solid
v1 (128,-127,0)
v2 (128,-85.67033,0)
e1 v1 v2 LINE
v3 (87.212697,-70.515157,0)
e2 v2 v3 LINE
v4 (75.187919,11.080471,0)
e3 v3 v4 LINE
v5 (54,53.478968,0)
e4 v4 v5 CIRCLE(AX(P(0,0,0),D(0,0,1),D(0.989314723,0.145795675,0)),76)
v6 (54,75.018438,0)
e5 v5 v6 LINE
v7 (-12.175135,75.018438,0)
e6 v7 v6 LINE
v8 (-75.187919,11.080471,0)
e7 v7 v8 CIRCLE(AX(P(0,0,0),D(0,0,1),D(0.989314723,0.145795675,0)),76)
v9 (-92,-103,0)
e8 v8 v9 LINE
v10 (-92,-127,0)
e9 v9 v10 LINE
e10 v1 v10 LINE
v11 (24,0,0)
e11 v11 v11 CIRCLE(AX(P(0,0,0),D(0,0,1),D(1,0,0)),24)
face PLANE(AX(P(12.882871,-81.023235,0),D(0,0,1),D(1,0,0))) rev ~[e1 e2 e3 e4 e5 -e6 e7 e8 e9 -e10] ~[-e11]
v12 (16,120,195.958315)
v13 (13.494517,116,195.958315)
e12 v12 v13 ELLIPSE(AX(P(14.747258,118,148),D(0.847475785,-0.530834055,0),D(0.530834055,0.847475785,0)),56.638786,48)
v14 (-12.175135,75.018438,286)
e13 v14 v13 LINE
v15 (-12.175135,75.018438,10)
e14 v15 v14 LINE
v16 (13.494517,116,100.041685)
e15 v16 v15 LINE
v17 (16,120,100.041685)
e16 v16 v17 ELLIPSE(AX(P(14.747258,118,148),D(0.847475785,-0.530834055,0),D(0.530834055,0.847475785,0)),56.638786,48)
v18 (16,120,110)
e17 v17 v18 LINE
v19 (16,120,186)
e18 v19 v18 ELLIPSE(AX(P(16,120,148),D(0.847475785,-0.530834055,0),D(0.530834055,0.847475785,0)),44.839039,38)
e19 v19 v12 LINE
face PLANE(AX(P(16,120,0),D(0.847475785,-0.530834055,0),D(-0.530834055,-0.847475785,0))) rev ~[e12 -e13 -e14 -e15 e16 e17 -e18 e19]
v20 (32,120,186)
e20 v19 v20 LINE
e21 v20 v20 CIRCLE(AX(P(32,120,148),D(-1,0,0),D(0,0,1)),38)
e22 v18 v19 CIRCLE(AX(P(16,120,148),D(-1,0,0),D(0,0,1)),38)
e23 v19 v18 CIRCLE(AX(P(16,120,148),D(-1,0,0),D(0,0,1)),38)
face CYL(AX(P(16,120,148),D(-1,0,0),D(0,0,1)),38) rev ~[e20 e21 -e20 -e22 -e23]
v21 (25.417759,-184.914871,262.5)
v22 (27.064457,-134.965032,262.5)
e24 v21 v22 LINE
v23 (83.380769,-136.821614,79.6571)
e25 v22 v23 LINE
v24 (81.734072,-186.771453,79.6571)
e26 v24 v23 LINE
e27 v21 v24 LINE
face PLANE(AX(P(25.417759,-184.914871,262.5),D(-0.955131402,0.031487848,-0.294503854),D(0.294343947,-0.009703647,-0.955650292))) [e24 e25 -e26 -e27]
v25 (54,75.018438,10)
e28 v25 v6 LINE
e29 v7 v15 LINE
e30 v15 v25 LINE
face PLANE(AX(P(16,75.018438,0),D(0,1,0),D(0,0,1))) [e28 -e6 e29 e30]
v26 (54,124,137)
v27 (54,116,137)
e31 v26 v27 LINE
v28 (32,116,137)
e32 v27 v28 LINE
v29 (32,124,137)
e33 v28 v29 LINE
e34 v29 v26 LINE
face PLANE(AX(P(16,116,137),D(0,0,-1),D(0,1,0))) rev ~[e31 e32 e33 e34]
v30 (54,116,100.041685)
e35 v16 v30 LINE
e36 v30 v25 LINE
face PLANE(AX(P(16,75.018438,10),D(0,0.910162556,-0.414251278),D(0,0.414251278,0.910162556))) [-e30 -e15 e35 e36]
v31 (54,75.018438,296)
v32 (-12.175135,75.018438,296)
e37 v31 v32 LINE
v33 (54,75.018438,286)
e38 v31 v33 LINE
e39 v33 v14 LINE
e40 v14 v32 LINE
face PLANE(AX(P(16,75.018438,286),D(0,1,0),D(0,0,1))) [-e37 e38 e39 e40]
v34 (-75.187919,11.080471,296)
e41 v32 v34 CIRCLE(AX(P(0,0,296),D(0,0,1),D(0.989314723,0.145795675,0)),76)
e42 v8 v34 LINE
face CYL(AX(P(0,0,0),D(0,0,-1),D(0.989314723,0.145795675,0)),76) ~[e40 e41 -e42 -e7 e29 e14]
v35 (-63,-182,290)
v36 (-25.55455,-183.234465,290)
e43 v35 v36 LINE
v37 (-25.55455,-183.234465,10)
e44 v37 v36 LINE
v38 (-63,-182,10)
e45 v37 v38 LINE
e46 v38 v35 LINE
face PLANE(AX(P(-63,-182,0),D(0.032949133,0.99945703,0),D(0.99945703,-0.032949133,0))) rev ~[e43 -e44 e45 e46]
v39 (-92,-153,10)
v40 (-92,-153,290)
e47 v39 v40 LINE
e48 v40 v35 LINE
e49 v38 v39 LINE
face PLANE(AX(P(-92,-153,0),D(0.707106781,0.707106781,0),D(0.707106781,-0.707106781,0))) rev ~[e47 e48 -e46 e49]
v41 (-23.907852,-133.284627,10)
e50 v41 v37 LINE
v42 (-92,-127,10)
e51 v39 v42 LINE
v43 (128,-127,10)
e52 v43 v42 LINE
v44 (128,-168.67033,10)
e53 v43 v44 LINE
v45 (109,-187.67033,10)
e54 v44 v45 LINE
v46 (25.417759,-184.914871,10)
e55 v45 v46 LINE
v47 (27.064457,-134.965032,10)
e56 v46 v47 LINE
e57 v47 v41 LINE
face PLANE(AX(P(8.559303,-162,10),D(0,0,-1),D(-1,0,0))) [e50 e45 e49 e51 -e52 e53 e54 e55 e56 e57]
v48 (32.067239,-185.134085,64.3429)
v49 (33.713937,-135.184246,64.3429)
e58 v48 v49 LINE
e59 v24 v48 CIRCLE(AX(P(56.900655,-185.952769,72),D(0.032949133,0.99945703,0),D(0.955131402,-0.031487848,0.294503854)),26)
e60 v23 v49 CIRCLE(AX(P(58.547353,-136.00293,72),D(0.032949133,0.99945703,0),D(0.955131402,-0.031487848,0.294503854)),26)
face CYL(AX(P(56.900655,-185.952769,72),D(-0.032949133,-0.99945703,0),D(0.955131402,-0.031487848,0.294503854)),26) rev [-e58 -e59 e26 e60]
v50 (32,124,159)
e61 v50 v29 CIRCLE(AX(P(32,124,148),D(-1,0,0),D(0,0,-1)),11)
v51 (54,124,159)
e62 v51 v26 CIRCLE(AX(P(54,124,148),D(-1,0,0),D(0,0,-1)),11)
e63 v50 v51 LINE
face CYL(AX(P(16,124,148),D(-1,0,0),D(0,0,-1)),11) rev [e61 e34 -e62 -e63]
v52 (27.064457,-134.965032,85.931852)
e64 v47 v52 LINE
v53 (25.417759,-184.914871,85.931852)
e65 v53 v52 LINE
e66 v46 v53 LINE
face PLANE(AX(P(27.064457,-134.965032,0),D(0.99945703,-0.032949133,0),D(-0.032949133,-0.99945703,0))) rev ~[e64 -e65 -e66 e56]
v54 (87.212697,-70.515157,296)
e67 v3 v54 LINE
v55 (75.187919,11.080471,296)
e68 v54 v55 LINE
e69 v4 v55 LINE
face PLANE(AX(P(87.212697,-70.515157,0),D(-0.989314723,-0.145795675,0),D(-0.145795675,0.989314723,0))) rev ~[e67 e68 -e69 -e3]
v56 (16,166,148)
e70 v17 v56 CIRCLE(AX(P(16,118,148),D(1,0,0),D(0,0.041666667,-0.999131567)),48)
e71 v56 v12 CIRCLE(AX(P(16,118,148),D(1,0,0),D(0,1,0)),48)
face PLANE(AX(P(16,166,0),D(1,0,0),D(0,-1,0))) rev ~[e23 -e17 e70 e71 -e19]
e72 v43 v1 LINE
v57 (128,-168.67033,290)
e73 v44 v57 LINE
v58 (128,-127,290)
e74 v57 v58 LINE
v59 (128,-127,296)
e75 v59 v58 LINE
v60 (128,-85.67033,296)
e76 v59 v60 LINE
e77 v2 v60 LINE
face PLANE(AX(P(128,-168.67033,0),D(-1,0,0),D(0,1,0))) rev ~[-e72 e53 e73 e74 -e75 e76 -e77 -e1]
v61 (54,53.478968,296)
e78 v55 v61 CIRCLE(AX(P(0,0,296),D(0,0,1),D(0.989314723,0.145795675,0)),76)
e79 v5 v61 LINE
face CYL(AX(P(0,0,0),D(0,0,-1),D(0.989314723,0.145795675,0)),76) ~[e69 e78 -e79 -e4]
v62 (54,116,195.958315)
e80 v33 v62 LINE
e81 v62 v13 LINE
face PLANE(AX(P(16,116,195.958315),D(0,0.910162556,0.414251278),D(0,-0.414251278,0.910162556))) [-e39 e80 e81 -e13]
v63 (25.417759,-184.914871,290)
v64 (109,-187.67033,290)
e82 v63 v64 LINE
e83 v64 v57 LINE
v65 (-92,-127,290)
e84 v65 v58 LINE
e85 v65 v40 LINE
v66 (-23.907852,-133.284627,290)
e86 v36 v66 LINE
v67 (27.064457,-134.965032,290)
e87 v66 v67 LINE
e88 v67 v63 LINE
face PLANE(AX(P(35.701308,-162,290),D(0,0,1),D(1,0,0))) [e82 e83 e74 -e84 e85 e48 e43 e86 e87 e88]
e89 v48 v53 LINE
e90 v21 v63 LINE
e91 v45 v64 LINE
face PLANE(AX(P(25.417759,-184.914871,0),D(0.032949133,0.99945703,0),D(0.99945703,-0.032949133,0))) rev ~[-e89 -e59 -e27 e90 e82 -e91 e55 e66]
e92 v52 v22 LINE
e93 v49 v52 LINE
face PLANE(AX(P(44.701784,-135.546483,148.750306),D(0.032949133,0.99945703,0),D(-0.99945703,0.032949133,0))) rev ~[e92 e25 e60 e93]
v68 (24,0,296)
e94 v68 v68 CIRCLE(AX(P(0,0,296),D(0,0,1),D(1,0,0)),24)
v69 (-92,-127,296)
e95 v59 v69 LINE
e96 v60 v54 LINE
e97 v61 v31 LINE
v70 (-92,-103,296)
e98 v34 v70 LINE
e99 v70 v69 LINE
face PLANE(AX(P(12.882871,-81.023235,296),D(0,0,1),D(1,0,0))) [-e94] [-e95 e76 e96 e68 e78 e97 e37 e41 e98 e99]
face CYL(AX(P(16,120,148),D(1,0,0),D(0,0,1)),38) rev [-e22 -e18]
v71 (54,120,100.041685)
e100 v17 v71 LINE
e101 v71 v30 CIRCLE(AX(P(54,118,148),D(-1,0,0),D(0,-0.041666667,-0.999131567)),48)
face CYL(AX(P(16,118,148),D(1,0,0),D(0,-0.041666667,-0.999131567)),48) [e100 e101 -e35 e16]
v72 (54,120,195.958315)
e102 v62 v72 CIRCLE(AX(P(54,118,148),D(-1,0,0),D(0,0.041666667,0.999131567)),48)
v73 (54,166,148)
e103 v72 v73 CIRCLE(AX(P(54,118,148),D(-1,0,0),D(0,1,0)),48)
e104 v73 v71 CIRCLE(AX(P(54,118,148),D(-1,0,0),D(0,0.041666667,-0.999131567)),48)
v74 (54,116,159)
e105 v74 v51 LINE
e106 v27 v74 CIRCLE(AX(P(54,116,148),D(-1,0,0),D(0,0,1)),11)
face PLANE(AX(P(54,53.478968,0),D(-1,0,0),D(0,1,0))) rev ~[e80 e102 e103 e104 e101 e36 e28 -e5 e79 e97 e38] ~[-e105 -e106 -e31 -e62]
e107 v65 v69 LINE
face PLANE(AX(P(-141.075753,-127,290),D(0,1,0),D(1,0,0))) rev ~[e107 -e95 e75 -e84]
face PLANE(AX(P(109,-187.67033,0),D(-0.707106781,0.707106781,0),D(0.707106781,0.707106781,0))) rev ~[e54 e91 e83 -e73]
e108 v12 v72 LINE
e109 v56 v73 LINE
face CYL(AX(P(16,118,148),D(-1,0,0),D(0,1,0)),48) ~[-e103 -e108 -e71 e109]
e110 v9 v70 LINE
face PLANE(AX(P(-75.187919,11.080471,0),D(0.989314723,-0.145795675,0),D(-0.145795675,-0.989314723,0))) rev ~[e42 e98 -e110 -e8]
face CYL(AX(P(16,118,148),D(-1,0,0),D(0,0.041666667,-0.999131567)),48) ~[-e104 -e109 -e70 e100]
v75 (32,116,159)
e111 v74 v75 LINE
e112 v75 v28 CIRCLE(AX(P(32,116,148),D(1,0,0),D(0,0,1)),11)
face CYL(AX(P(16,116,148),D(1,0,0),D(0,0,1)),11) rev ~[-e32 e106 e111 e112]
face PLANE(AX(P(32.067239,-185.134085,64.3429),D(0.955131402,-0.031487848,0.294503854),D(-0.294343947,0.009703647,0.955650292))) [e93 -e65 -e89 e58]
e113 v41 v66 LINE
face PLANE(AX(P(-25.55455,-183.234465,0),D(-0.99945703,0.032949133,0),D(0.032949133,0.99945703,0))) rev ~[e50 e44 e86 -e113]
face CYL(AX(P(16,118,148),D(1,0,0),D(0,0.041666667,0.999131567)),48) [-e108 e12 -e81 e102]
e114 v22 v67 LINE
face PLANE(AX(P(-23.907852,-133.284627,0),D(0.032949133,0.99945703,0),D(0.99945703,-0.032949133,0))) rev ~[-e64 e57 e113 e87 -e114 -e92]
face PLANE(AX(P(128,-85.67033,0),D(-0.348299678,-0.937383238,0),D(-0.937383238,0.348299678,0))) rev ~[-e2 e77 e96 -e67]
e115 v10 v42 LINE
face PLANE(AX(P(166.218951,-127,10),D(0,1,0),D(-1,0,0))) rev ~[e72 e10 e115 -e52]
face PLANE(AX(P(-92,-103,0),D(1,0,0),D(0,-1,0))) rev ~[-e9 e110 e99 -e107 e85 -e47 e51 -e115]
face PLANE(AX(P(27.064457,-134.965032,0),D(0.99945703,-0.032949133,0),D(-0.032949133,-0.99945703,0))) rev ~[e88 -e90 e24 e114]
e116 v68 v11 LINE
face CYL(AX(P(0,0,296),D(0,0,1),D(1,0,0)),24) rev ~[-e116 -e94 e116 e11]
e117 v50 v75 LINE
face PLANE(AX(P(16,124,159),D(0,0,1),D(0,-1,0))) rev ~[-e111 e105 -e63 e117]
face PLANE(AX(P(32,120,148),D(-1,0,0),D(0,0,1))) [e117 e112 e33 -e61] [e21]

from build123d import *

# Parameters (mm, degrees)
EXTRUDE_1_DEPTH                  = 296
CUT_EXTRUDE_1_REACH              = 375.122
SKETCH_2_R                       = 24
EXTRUDE_START                    = -296
EXTRUDE_2_DEPTH                  = 296
CUT_EXTRUDE_2_REACH              = 369.94
CUT_EXTRUDE_2_DIRECTION_2_REACH  = 369.94
SKETCH_5_R                       = 38
CUT_EXTRUDE_4_DEPTH              = 16
CUT_EXTRUDE_4_DIRECTION_2_REACH  = 369.94
CUT_EXTRUDE_10_REACH             = 369.94
CUT_EXTRUDE_11_REACH             = 369.94
CUT_EXTRUDE_12_REACH             = 369.94
CUT_EXTRUDE_12_DIRECTION_2_REACH = 369.94
CUT_EXTRUDE_1_2_DEPTH            = 374.122168517
CUT_EXTRUDE_1_2_DEPTH_BACK       = 6
SKETCH_10_W                      = 353.554121084
SKETCH_10_H                      = 70
CUT_EXTRUDE_2_2_DEPTH            = 374.122168517
CUT_EXTRUDE_2_2_DEPTH_BACK       = 10
SKETCH_11_W                      = 315.319296241
SKETCH_11_H                      = 70
CUT_EXTRUDE_13_DEPTH             = 49.976974814


with BuildPart() as part:
    # 草图1 → 凸台-拉伸1 (new body)
    with BuildSketch(Plane.XY):
        with BuildLine():
            Line((-75.187918949, 11.080471294), (-92, -103))
            Line((-92, -103), (-92, -153))
            Line((-92, -153), (-63, -182))
            Line((-63, -182), (-25.55454992, -183.234465387))
            Line((-25.55454992, -183.234465387), (-23.907851937, -133.284626575))
            Line((-23.907851937, -133.284626575), (27.064456588, -134.965032351))
            Line((27.064456588, -134.965032351), (25.417758605, -184.914871163))
            Line((25.417758605, -184.914871163), (109, -187.67032967))
            Line((109, -187.67032967), (128, -168.67032967))
            Line((128, -168.67032967), (128, -85.67032967))
            Line((128, -85.67032967), (87.212696765, -70.515157246))
            Line((87.212696765, -70.515157246), (75.187918949, 11.080471294))
            ThreePointArc((75.187918949, 11.080471294), (0, 76), (-75.187918949, 11.080471294))
        make_face()
    extrude(amount=EXTRUDE_1_DEPTH)

    # 草图2 → Cut-Extrude 1 (cut, up to next)
    with BuildSketch(Plane.XY.offset(296), mode=Mode.PRIVATE) as cut_extrude_1_sk1:
        Circle(SKETCH_2_R)
    cut_extrude_1_tool1 = extrude(cut_extrude_1_sk1.sketch, amount=-CUT_EXTRUDE_1_REACH, mode=Mode.PRIVATE) & part.part
    add(cut_extrude_1_tool1.solids().sort_by_distance((0, 0, 296))[0], mode=Mode.SUBTRACT)

    # 草图3 → 凸台-拉伸2 (add)
    with BuildSketch(Plane.XY.offset(296).offset(EXTRUDE_START)):
        with BuildLine():
            Line((54, 53.478967828), (54, 166))
            Line((54, 166), (16, 166))
            Line((16, 166), (16, 120))
            Line((16, 120), (-12.175135195, 75.018438287))
            ThreePointArc((-12.175135195, 75.018438287), (23.522691723, 72.268132494), (54, 53.478967828))
        make_face()
    extrude(amount=EXTRUDE_2_DEPTH)

    # 草图4 → Cut-Extrude 2 (cut, up to next)
    with BuildSketch(Plane.ZY.offset(-16), mode=Mode.PRIVATE) as cut_extrude_2_sk1:
        with BuildLine():
            Line((159, 124), (159, 116))
            ThreePointArc((159, 116), (148, 105), (137, 116))
            Line((137, 116), (137, 124))
            ThreePointArc((137, 124), (148, 135), (159, 124))
        make_face()
    cut_extrude_2_tool1 = extrude(cut_extrude_2_sk1.sketch, amount=-CUT_EXTRUDE_2_REACH, mode=Mode.PRIVATE) & part.part
    add(cut_extrude_2_tool1.solids().sort_by_distance((16, 120, 148))[0], mode=Mode.SUBTRACT)

    # 草图4 → Cut-Extrude 2 direction 2 (cut, up to next)
    with BuildSketch(Plane.ZY.offset(-16), mode=Mode.PRIVATE) as cut_extrude_2_direction_2_sk1:
        with BuildLine():
            Line((159, 124), (159, 116))
            ThreePointArc((159, 116), (148, 105), (137, 116))
            Line((137, 116), (137, 124))
            ThreePointArc((137, 124), (148, 135), (159, 124))
        make_face()
    cut_extrude_2_direction_2_tool1 = extrude(cut_extrude_2_direction_2_sk1.sketch, amount=CUT_EXTRUDE_2_DIRECTION_2_REACH, mode=Mode.PRIVATE) & part.part
    add(cut_extrude_2_direction_2_tool1.solids().sort_by_distance((16, 120, 148))[0], mode=Mode.SUBTRACT)

    # 草图5 → 切除-拉伸4 (cut)
    with BuildSketch(Plane.ZY.offset(-16)):
        with Locations((148, 120)):
            Circle(SKETCH_5_R)
    extrude(amount=-CUT_EXTRUDE_4_DEPTH, mode=Mode.SUBTRACT)

    # 草图5 → 切除-拉伸4 direction 2 (cut, up to next)
    with BuildSketch(Plane.ZY.offset(-16), mode=Mode.PRIVATE) as cut_extrude_4_direction_2_sk1:
        with Locations((148, 120)):
            Circle(SKETCH_5_R)
    cut_extrude_4_direction_2_tool1 = extrude(cut_extrude_4_direction_2_sk1.sketch, amount=CUT_EXTRUDE_4_DIRECTION_2_REACH, mode=Mode.PRIVATE) & part.part
    add(cut_extrude_4_direction_2_tool1.solids().sort_by_distance((16, 120, 148))[0], mode=Mode.SUBTRACT)

    # 草图6 → 切除-拉伸10 (cut, up to next)
    with BuildSketch(Plane.ZY.offset(-16), mode=Mode.PRIVATE) as cut_extrude_10_sk1:
        with BuildLine():
            Line((195.958315233, 120), (296, 120))
            Line((296, 120), (296, 166))
            Line((296, 166), (148, 166))
            ThreePointArc((148, 166), (181.226495452, 152.641016151), (195.958315233, 120))
        make_face()
    cut_extrude_10_tool1 = extrude(cut_extrude_10_sk1.sketch, amount=-CUT_EXTRUDE_10_REACH, mode=Mode.PRIVATE) & part.part
    add(cut_extrude_10_tool1.solids().sort_by_distance((16, 144.191812, 240.106882))[0], mode=Mode.SUBTRACT)

    # 草图6<5> → 切除-拉伸11 (cut, up to next)
    with BuildSketch(Plane.ZY.offset(-16), mode=Mode.PRIVATE) as cut_extrude_11_sk1:
        with BuildLine():
            ThreePointArc((100.041684767, 120), (114.773504548, 152.641016151), (148, 166))
            Line((148, 166), (0, 166))
            Line((0, 166), (0, 120))
            Line((0, 120), (100.041684767, 120))
        make_face()
    cut_extrude_11_tool1 = extrude(cut_extrude_11_sk1.sketch, amount=-CUT_EXTRUDE_11_REACH, mode=Mode.PRIVATE) & part.part
    add(cut_extrude_11_tool1.solids().sort_by_distance((16, 144.191812, 55.893118))[0], mode=Mode.SUBTRACT)

    # 草图6<6> → 切除-拉伸12 (cut, up to next)
    with BuildSketch(Plane.ZY.offset(-16), mode=Mode.PRIVATE) as cut_extrude_12_sk1:
        with BuildLine():
            ThreePointArc((100.041684767, 116), (100, 118), (100.041684767, 120))
            Line((100.041684767, 120), (0, 120))
            Line((0, 120), (0, 75.018438287))
            Line((0, 75.018438287), (10, 75.018438287))
            Line((10, 75.018438287), (100.041684767, 116))
        make_face()
    cut_extrude_12_tool1 = extrude(cut_extrude_12_sk1.sketch, amount=-CUT_EXTRUDE_12_REACH, mode=Mode.PRIVATE) & part.part
    # 草图6<6> → 切除-拉伸12 (cut, up to next)
    with BuildSketch(Plane.ZY.offset(-16), mode=Mode.PRIVATE) as cut_extrude_12_sk2:
        with BuildLine():
            Line((286, 75.018438287), (296, 75.018438287))
            Line((296, 75.018438287), (296, 120))
            Line((296, 120), (195.958315233, 120))
            ThreePointArc((195.958315233, 120), (196, 118), (195.958315233, 116))
            Line((195.958315233, 116), (286, 75.018438287))
        make_face()
    cut_extrude_12_tool2 = extrude(cut_extrude_12_sk2.sketch, amount=-CUT_EXTRUDE_12_REACH, mode=Mode.PRIVATE) & part.part
    add(cut_extrude_12_tool1.solids().sort_by_distance((16, 103.644966, 36.114885))[0], mode=Mode.SUBTRACT)
    add(cut_extrude_12_tool2.solids().sort_by_distance((16, 103.644966, 259.885115))[0], mode=Mode.SUBTRACT)

    # 草图6<6> → 切除-拉伸12 direction 2 (cut, up to next)
    with BuildSketch(Plane.ZY.offset(-16), mode=Mode.PRIVATE) as cut_extrude_12_direction_2_sk1:
        with BuildLine():
            ThreePointArc((100.041684767, 116), (100, 118), (100.041684767, 120))
            Line((100.041684767, 120), (0, 120))
            Line((0, 120), (0, 75.018438287))
            Line((0, 75.018438287), (10, 75.018438287))
            Line((10, 75.018438287), (100.041684767, 116))
        make_face()
    cut_extrude_12_direction_2_tool1 = extrude(cut_extrude_12_direction_2_sk1.sketch, amount=CUT_EXTRUDE_12_DIRECTION_2_REACH, mode=Mode.PRIVATE) & part.part
    # 草图6<6> → 切除-拉伸12 direction 2 (cut, up to next)
    with BuildSketch(Plane.ZY.offset(-16), mode=Mode.PRIVATE) as cut_extrude_12_direction_2_sk2:
        with BuildLine():
            Line((286, 75.018438287), (296, 75.018438287))
            Line((296, 75.018438287), (296, 120))
            Line((296, 120), (195.958315233, 120))
            ThreePointArc((195.958315233, 120), (196, 118), (195.958315233, 116))
            Line((195.958315233, 116), (286, 75.018438287))
        make_face()
    cut_extrude_12_direction_2_tool2 = extrude(cut_extrude_12_direction_2_sk2.sketch, amount=CUT_EXTRUDE_12_DIRECTION_2_REACH, mode=Mode.PRIVATE) & part.part
    add(cut_extrude_12_direction_2_tool1.solids().sort_by_distance((16, 103.644966, 36.114885))[0], mode=Mode.SUBTRACT)
    add(cut_extrude_12_direction_2_tool2.solids().sort_by_distance((16, 103.644966, 259.885115))[0], mode=Mode.SUBTRACT)

    # 草图10 → Cut-Extrude 1 2 (cut, two sides: drawn at the far end of the back side and taken through both)
    with BuildSketch(Plane.XY.offset(296).offset(-CUT_EXTRUDE_1_2_DEPTH_BACK)):
        with Locations((35.701307798, -162)):
            Rectangle(SKETCH_10_W, SKETCH_10_H)
    extrude(amount=CUT_EXTRUDE_1_2_DEPTH + CUT_EXTRUDE_1_2_DEPTH_BACK, mode=Mode.SUBTRACT)

    # 草图11 → Cut-Extrude 2 2 (cut, two sides: drawn at the far end of the back side and taken through both)
    with BuildSketch(Plane(origin=(0, 0, 0), x_dir=(-1, 0, 0), z_dir=(0, 0, -1)).offset(-CUT_EXTRUDE_2_2_DEPTH_BACK)):
        with Locations((-8.559302508, -162)):
            Rectangle(SKETCH_11_W, SKETCH_11_H)
    extrude(amount=CUT_EXTRUDE_2_2_DEPTH + CUT_EXTRUDE_2_2_DEPTH_BACK, mode=Mode.SUBTRACT)

    # 草图12 → 切除-拉伸13 (cut)
    with BuildSketch(Plane(origin=(-6.061881785, -183.87708082, 0), x_dir=(0.9994570299138168, -0.032949132854323, 0), z_dir=(-0.032949132854323, -0.9994570299138168, 0))):
        with BuildLine():
            Line((31.496742179, 262.5), (87.843649763, 79.657100204))
            ThreePointArc((87.843649763, 79.657100204), (70.653842384, 47.153092416), (38.149834596, 64.342899796))
            Line((38.149834596, 64.342899796), (31.496742179, 85.931852273))
            Line((31.496742179, 85.931852273), (31.496742179, 262.5))
        make_face()
    extrude(amount=-CUT_EXTRUDE_13_DEPTH, mode=Mode.SUBTRACT)


solid = part.part
